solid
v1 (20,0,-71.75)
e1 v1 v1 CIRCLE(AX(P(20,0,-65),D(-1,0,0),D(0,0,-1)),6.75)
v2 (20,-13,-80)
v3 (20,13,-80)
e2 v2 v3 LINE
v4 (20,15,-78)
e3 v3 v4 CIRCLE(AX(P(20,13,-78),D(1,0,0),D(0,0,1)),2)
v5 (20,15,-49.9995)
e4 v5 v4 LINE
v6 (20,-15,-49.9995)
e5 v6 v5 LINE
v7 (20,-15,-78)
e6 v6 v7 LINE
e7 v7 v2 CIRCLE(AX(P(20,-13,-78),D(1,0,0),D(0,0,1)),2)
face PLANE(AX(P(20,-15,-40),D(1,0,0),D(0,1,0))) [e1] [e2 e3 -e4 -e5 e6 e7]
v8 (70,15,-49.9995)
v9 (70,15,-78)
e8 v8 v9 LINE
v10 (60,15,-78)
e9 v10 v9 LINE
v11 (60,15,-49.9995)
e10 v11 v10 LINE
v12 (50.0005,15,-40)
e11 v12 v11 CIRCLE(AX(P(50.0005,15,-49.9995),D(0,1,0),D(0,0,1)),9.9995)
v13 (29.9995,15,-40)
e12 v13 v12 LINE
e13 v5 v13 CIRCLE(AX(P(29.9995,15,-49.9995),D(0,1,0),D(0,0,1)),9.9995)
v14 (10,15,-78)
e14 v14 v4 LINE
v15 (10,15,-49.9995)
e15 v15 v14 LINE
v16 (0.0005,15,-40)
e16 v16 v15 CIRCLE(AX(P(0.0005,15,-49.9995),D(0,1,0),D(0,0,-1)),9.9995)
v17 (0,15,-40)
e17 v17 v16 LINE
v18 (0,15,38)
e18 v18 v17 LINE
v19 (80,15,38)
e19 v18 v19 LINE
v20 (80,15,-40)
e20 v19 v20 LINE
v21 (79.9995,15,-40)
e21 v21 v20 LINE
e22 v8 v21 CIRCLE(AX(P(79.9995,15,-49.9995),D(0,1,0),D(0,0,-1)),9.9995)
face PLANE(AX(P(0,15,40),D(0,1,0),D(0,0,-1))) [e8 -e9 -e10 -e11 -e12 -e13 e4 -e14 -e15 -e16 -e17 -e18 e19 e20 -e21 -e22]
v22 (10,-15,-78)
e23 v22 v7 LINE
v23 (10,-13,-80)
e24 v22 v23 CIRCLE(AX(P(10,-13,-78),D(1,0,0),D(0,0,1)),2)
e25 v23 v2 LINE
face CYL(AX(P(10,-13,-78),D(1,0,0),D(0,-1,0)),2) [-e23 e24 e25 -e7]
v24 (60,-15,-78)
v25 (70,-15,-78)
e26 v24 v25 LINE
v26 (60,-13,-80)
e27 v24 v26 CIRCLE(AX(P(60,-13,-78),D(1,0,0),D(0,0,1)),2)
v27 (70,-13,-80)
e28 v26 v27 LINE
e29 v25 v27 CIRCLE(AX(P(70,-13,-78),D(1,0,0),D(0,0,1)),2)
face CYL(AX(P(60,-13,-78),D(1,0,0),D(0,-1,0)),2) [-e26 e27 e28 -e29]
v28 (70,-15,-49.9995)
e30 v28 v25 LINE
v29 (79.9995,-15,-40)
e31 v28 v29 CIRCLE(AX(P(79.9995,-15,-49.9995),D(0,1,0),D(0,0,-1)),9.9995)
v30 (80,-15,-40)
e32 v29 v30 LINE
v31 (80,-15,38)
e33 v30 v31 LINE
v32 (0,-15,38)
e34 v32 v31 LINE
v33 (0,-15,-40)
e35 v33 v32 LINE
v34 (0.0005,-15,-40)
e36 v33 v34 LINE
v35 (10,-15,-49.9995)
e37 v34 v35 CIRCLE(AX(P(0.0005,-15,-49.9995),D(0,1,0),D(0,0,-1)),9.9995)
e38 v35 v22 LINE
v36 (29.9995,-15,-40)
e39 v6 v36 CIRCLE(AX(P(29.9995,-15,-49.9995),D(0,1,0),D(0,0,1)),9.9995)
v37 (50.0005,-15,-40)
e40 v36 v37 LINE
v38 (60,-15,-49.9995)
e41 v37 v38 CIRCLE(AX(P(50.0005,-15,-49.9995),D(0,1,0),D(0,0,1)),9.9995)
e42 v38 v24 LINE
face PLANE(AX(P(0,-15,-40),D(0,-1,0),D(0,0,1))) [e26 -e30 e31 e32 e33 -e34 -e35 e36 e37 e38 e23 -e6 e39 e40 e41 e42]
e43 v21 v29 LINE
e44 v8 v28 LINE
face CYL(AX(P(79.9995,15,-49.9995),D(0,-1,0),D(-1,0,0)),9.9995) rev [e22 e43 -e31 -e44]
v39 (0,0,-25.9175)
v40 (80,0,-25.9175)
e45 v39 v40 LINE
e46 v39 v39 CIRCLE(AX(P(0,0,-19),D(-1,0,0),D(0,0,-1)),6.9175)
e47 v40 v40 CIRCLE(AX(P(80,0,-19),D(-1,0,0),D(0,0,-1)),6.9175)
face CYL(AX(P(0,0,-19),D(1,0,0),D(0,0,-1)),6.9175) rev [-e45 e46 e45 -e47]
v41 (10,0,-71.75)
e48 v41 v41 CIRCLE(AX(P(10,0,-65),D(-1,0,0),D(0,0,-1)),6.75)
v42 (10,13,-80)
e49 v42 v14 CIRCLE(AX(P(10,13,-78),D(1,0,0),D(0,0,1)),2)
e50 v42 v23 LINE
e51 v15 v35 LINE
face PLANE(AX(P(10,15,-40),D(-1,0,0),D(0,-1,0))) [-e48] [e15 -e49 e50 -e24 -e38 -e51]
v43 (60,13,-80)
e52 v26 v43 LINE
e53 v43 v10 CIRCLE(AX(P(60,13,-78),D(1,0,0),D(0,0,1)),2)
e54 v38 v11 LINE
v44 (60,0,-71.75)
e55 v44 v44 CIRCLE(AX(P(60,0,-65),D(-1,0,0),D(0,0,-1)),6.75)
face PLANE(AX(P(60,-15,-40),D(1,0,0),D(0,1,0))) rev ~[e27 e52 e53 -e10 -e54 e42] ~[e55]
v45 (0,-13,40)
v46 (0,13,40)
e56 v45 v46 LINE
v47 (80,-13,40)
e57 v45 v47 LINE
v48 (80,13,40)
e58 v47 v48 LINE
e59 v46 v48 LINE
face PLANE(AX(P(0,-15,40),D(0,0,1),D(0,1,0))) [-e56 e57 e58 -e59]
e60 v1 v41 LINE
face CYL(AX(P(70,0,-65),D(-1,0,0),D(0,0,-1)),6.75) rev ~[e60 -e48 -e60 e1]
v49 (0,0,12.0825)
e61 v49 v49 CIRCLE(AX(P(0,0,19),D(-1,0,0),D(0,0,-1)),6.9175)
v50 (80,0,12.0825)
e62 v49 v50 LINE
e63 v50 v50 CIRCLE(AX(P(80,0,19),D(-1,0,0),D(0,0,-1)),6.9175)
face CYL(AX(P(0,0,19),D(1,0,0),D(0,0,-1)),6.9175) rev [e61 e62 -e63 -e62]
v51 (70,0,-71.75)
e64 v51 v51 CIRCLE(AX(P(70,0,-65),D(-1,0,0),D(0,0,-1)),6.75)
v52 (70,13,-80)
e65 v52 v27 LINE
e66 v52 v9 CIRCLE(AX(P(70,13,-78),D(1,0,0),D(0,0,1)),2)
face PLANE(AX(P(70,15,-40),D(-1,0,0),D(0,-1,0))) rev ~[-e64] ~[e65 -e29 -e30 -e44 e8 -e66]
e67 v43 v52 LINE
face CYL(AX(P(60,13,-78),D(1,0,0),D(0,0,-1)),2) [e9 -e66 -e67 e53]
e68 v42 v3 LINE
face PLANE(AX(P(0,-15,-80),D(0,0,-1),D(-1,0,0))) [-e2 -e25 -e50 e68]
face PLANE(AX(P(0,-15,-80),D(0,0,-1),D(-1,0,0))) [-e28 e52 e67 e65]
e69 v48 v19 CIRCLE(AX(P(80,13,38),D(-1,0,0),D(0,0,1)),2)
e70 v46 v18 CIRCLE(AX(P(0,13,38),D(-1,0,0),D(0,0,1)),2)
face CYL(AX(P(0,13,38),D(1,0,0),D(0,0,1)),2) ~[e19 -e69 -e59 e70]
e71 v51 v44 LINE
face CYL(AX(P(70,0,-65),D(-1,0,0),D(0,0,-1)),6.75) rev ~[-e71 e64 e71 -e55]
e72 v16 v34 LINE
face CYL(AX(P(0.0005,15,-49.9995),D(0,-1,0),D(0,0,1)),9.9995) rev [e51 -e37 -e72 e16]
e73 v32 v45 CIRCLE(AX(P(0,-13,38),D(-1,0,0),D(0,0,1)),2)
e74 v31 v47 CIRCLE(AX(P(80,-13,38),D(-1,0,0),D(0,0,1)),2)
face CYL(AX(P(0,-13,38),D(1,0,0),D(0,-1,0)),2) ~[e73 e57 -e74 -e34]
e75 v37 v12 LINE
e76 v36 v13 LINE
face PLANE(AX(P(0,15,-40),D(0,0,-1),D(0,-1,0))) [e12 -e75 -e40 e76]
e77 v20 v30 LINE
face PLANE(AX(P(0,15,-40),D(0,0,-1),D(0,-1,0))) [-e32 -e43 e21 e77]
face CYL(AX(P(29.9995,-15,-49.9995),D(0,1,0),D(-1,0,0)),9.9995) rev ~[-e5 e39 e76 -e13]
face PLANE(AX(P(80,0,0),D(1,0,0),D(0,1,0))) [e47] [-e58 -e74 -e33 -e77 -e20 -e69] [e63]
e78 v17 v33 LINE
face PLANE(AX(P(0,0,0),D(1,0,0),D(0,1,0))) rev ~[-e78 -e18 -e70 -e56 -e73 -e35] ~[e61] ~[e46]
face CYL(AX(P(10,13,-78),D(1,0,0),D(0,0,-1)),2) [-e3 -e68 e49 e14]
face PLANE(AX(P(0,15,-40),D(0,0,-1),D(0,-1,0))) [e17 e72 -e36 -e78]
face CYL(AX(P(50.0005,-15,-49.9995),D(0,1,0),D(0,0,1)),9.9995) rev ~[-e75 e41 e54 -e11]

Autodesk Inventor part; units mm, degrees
ref_plane "YZ Plane" through (0, 0, 0) normal (1, 0, 0) x (0, 1, 0)
ref_plane "XZ Plane" through (0, 0, 0) normal (0, 1, 0) x (-1, 0, 0)
sketch "Sketch1" plane through (0, 0, 0) normal (1, 0, 0) x (0, 1, 0)
  line L0 (-15, 40) -> (15, 40)
  line L1 (15, 40) -> (15, -40)
  line L2 (15, -40) -> (-15, -40)
  line L3 (-15, -40) -> (-15, 40)
  line L4 (-15, 40) -> (15, -40) construction
  line L5 (15, 40) -> (-15, -40) construction
  point P0 (0, 0)
  dimension "d0" = 30
  dimension "d1" = 80
extrude "Extrusion1" add sketch "Sketch1" along normal blind 80
sketch "Sketch2" plane through (80, 0, 0) normal (1, 0, 0) x (0, 0, -1)
  line L0 (-40, 15) -> (-40, -15) projected
  line L1 (-40, 0) -> (40, 0)
  line L2 (40, -15) -> (40, 15) projected
  line L3 (40, 15) -> (-40, 15) projected
  line L4 (0, 15) -> (0, -15)
  line L5 (-40, -15) -> (40, -15) projected
  point P0 (0, 0)
  point P1 (-19, 0)
  point P2 (19, 0)
  dimension "d4" = 19
hole "Hole1" at (80, 0, 19) at (80, 0, -19) direction (-1, 0, 0) diameter 13.835 depth 40 tip angle 118 thread size "M16x2" class "6H" standard "ISO Metric profile"
ref_plane "Work Plane1" through (40, 0, 0) normal (1, 0, 0) x (0, 0, -1)
mirror "Mirror1" about plane through (40, 0, 0) normal (1, 0, 0) of "Hole1"
sketch "Sketch9" plane through (0, -15, -40) normal (0, 0, -1) x (-1, 0, 0)
  line L0 (0, 0) -> (-80, 0) projected
  line L1 (0, 30) -> (-80, 30) projected
  line L2 (-80, 0) -> (-80, 30) projected
  line L3 (-20, 30) -> (-10, 30)
  line L4 (-10, 30) -> (-10, 0)
  line L5 (-10, 0) -> (-20, 0)
  line L6 (-20, 0) -> (-20, 30)
  line L7 (0, 30) -> (0, 0) projected
  line L8 (-60, 30) -> (-70, 30)
  line L9 (-70, 30) -> (-70, 0)
  line L10 (-70, 0) -> (-60, 0)
  line L11 (-60, 0) -> (-60, 30)
  dimension "d78" = 10
  dimension "d79" = 10
  dimension "d80" = 10
  dimension "d81" = 10
extrude "Extrusion4" add sketch "Sketch9" along normal blind 40 contours L0 L6 L1 L4 | L0 L9 L1 L11
hole "Hole6" at (70, 0, -65) direction (-1, 0, 0) diameter 13.5 end through all
fillet "Fillet12" radius 10 4 edges at (70, 0, -40) (60, 0, -40) (20, 0, -40) (10, 0, -40)
fillet "Fillet14" radius 2 4 edges at (15, 15, -80) (15, -15, -80) (65, 15, -80) (65, -15, -80)
fillet "Fillet15" radius 2 2 edges at (40, 15, 40) (40, -15, 40)
properties part number "Profile_Middle_05"
